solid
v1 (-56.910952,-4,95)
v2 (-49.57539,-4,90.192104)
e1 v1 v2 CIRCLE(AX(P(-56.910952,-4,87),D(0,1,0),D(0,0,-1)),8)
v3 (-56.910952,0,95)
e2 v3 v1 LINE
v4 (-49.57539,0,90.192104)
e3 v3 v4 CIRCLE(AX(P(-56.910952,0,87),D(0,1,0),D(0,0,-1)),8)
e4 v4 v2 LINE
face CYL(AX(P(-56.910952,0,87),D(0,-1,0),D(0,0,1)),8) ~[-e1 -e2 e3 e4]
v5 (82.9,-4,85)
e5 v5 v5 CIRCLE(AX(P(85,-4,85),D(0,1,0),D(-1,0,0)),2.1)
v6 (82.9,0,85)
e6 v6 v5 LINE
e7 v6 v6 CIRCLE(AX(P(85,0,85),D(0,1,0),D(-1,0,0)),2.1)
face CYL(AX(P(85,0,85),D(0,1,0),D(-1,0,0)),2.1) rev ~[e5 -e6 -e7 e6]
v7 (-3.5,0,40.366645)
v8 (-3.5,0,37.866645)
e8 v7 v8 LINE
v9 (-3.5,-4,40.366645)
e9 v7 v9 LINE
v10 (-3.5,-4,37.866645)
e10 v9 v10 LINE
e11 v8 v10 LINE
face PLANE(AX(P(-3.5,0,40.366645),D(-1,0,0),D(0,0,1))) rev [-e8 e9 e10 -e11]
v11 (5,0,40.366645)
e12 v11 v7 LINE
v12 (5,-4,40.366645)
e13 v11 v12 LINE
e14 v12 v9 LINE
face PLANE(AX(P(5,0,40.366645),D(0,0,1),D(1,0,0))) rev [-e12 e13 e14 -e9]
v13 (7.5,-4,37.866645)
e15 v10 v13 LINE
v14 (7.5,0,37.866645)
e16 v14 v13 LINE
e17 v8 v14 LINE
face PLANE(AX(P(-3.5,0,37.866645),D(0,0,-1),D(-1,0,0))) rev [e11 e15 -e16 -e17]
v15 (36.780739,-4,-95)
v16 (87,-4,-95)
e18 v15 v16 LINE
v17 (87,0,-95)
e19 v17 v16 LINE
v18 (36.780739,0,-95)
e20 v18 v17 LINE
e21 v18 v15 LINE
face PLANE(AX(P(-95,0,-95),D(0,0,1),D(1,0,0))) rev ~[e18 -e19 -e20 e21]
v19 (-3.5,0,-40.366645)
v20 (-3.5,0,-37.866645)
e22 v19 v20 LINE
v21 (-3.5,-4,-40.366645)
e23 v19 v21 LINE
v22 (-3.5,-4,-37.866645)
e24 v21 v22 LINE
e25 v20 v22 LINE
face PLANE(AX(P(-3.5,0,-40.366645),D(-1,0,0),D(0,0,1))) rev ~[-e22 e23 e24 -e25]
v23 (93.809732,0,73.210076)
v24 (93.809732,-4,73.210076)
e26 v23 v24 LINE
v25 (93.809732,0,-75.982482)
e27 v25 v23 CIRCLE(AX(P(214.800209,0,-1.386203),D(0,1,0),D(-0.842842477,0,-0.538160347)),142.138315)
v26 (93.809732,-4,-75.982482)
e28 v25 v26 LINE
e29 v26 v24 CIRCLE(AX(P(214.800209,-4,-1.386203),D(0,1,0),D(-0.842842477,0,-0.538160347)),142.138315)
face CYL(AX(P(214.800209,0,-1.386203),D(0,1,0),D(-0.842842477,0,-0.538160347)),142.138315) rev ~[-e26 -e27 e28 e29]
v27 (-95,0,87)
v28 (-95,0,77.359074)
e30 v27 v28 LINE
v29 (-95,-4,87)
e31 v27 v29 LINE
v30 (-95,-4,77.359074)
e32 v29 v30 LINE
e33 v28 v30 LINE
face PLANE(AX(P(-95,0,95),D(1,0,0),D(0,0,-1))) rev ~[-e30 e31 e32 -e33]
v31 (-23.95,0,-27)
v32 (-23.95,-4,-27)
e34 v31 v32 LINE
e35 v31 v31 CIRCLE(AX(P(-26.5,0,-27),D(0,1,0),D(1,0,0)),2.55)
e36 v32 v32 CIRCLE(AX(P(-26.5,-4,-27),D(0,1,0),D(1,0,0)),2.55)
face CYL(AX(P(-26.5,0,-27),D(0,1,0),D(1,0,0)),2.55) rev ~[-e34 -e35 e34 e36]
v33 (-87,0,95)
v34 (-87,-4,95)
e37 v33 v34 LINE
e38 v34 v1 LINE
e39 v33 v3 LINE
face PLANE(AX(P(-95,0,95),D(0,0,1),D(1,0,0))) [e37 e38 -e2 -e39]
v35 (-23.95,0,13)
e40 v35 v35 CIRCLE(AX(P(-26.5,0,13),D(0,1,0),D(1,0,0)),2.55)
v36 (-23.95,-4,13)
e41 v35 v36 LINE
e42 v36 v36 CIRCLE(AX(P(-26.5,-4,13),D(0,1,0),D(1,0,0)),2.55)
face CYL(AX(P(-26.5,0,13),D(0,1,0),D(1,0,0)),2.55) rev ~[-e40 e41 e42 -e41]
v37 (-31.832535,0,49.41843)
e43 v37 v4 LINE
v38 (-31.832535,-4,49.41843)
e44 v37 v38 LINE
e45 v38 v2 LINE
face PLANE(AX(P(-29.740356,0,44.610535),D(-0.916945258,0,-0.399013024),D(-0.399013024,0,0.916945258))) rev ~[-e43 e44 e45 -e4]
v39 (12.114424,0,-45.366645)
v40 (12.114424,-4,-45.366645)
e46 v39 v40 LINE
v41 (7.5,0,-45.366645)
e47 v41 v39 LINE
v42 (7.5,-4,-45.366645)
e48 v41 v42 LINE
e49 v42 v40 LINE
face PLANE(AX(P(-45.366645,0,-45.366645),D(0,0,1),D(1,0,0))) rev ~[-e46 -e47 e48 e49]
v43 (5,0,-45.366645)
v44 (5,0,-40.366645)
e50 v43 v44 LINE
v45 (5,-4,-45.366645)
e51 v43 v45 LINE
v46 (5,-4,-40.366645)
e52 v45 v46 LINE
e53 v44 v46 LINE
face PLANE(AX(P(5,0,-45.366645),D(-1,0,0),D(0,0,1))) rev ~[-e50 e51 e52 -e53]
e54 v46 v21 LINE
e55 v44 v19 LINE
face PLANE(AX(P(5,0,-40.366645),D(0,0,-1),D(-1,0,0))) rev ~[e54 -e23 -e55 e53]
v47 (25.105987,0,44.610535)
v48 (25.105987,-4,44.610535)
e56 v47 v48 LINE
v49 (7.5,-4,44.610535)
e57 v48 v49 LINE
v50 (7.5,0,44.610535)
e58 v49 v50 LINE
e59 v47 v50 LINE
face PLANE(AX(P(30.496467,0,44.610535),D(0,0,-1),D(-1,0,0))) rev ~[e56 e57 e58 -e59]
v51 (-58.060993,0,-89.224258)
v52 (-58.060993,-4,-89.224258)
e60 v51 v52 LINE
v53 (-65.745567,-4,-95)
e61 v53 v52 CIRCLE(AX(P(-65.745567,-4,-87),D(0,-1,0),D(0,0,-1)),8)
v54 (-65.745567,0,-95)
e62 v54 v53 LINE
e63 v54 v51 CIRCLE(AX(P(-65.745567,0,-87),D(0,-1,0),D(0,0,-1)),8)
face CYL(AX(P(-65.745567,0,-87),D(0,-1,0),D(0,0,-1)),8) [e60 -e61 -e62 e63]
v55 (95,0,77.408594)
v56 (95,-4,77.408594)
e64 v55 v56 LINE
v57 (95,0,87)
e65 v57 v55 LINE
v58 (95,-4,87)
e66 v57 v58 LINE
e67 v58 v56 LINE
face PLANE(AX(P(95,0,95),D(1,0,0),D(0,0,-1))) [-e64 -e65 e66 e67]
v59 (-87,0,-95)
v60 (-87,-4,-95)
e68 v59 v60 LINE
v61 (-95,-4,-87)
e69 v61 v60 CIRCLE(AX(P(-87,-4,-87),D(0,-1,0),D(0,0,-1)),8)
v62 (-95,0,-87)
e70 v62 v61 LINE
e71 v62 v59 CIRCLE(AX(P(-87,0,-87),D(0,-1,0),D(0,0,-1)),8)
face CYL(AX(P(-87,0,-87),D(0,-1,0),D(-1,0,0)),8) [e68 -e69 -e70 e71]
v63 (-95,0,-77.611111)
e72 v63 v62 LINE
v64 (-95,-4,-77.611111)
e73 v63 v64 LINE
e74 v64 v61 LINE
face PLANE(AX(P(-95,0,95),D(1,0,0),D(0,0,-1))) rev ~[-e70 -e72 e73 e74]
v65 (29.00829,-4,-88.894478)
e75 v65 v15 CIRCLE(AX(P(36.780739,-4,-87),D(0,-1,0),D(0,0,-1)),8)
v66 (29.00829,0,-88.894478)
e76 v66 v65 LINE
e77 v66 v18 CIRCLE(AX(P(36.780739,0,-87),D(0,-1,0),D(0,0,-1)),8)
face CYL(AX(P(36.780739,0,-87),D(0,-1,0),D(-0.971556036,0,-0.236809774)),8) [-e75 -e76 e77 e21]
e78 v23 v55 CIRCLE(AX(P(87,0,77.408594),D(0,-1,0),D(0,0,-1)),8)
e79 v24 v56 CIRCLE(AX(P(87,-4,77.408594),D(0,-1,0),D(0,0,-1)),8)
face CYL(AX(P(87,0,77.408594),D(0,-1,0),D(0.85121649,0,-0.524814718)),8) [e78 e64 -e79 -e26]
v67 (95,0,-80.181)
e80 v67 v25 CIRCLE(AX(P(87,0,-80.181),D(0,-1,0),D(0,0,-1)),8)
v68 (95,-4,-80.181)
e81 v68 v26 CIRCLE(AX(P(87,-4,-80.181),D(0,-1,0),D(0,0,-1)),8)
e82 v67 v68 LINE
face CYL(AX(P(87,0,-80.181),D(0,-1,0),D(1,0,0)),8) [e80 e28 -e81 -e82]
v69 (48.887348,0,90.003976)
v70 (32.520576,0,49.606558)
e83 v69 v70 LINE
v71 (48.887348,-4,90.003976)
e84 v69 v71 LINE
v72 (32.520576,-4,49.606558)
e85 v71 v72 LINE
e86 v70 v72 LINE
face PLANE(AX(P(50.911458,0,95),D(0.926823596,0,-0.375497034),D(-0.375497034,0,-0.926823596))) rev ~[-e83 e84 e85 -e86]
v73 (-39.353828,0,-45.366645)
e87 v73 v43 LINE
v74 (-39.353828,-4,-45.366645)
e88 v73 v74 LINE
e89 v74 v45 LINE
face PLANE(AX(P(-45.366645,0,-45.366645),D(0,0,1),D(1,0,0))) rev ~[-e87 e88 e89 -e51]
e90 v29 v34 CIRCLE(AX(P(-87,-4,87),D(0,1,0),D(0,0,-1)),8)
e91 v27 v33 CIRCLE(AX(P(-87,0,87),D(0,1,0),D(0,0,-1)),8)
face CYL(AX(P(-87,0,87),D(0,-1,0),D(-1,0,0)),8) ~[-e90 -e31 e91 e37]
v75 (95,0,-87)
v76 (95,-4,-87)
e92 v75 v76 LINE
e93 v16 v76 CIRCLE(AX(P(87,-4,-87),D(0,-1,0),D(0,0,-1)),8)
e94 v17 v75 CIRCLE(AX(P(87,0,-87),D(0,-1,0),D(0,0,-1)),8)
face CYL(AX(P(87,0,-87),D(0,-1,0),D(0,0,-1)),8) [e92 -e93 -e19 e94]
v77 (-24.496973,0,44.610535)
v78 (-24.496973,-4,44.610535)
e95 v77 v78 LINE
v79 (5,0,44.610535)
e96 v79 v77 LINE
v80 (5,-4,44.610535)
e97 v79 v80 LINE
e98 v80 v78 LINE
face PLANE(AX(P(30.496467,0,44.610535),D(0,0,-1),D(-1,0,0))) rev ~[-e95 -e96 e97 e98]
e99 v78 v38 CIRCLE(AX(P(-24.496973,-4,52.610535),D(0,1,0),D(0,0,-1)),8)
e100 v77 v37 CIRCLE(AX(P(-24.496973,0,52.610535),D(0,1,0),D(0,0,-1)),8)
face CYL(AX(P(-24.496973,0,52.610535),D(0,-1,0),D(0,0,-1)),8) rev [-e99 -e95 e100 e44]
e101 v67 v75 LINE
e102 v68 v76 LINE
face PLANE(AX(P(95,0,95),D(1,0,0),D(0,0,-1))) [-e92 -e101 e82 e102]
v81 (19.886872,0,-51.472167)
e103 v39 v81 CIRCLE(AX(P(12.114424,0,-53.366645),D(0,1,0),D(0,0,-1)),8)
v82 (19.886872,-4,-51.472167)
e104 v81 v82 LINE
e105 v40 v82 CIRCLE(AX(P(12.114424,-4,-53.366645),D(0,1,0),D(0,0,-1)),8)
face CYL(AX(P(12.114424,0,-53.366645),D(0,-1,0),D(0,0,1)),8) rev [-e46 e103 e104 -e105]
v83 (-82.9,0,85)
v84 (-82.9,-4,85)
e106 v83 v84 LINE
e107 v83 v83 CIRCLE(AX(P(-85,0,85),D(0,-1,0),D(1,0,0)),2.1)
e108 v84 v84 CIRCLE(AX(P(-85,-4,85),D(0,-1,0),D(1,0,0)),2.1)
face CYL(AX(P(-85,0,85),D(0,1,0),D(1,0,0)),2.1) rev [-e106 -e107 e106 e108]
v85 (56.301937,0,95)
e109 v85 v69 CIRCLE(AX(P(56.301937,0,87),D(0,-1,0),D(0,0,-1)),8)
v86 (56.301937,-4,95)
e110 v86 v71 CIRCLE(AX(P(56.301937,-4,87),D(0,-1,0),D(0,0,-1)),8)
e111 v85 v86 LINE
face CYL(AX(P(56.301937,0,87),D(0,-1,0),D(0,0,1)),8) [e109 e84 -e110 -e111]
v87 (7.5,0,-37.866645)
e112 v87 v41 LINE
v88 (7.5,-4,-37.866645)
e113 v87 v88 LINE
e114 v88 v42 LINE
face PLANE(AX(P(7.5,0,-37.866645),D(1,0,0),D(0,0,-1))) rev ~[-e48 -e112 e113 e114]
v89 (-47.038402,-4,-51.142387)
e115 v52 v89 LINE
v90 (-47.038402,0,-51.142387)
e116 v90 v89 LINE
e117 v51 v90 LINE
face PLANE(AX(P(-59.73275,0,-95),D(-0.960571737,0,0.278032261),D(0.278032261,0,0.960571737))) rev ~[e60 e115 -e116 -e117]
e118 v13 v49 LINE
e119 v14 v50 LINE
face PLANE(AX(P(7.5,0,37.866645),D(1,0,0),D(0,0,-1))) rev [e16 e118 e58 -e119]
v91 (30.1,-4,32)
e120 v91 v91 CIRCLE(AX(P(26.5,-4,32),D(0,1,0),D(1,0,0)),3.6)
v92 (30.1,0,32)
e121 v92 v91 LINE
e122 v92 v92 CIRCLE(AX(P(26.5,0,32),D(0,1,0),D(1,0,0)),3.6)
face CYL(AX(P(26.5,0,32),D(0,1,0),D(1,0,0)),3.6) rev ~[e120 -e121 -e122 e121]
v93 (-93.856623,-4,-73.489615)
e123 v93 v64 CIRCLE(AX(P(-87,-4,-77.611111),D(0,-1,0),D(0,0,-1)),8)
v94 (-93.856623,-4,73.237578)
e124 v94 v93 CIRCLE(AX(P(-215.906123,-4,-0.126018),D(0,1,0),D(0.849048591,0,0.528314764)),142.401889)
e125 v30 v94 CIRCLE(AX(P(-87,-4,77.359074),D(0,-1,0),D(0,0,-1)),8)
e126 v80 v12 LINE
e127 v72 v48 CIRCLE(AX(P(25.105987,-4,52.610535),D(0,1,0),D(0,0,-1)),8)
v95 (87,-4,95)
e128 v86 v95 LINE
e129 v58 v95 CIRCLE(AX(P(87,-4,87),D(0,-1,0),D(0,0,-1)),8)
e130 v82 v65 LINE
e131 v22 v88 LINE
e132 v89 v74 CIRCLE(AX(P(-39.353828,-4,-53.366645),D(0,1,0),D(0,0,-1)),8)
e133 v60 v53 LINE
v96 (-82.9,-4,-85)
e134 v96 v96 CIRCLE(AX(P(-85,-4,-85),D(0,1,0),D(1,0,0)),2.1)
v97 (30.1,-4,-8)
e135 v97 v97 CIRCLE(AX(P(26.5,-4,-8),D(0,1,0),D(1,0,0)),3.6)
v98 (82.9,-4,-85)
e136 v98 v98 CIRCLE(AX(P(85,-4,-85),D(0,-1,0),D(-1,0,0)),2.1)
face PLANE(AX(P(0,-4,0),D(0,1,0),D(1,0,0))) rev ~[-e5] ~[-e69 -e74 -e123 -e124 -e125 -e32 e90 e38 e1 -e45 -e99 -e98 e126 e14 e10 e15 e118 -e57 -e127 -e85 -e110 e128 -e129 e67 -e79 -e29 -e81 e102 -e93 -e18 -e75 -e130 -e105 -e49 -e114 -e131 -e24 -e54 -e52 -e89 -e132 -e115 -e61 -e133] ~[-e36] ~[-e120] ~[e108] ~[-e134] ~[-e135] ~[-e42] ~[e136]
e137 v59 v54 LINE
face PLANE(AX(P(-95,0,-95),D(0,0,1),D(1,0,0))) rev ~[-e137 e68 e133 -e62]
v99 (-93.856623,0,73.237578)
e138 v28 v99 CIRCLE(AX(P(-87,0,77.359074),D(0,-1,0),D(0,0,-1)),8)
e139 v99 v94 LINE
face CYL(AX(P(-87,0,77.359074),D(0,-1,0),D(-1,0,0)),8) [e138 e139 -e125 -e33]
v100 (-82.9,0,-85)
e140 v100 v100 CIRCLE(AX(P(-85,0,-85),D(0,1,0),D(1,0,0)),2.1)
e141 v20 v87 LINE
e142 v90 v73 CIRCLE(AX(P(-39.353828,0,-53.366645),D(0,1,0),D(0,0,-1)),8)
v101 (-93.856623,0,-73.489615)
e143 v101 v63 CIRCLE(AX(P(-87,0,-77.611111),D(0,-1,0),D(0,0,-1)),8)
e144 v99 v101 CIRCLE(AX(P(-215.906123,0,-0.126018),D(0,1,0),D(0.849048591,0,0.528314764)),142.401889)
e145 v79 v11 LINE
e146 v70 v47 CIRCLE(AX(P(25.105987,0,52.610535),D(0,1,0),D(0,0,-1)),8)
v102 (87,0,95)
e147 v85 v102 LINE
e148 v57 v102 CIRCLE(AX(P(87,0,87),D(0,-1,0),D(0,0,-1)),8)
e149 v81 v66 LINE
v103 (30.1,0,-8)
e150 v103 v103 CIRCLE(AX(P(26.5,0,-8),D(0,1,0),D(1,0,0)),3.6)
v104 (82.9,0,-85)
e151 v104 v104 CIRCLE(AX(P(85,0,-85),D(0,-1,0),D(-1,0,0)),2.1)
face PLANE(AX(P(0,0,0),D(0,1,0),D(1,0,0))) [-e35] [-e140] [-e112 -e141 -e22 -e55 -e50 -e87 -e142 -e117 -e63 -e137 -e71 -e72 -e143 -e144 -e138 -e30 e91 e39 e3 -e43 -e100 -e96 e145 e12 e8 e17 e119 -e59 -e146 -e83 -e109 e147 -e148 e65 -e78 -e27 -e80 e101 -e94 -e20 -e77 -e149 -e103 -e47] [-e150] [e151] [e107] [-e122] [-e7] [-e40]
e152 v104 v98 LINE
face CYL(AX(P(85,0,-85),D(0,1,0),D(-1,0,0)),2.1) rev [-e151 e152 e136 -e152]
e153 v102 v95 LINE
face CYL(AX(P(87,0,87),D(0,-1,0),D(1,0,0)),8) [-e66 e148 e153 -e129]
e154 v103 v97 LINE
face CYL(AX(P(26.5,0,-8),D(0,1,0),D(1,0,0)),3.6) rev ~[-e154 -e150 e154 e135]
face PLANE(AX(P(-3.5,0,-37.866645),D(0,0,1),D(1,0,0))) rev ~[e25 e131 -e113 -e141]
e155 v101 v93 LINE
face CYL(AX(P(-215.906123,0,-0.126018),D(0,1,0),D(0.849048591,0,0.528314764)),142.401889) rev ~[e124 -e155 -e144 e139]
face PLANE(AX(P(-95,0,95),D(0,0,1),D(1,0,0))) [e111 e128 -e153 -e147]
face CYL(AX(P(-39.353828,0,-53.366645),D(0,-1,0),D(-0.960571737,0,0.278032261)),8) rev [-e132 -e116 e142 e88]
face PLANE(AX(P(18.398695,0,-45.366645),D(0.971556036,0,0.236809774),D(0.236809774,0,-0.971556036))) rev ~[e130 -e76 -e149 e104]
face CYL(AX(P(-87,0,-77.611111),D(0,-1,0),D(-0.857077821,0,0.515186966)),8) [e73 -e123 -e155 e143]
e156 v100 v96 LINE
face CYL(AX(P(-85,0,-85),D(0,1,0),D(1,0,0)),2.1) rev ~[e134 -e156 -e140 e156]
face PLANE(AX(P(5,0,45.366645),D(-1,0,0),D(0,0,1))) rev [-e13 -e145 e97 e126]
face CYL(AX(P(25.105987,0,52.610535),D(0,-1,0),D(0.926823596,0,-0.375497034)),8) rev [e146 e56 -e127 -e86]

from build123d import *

# Parameters (mm, degrees)
SKETCH1_W               = 190
SKETCH1_H               = 190
BASE_DEPTH              = 4
SKETCH1_5_R             = 2.1
CUT_EXTRUDE2_DEPTH      = 4
MIRROR2_COPY_1_SKETCH_R = 2.1
MIRROR2_COPY_1_DEPTH    = 4
SKETCH2_R               = 2.55
SKETCH2_R_2             = 3.6
HOLES_DEPTH             = 135.40982107
CUT_EXTRUDE4_DEPTH      = 4
CUT_EXTRUDE5_DEPTH      = 4
CUT_EXTRUDE6_DEPTH      = 4
FILLET1_R               = 8
CUT_EXTRUDE7_DEPTH      = 4


with BuildPart() as part:
    # Sketch1 → base (new body)
    with BuildSketch(Plane(origin=(0, 0, 0), x_dir=(1, 0, 0), z_dir=(0, 1, 0))):
        Rectangle(SKETCH1_W, SKETCH1_H)
    extrude(amount=-BASE_DEPTH)

    # Sketch1<5> → Cut-Extrude2 (cut)
    with BuildSketch(Plane(origin=(0, 0, 0), x_dir=(1, 0, 0), z_dir=(0, 1, 0))):
        with Locations((-85, 85)):
            Circle(SKETCH1_5_R)
    cut_extrude2 = extrude(amount=-CUT_EXTRUDE2_DEPTH, mode=Mode.SUBTRACT)

    # Mirror1: Cut-Extrude2 across plane
    add(cut_extrude2.mirror(Plane(origin=(0, 0, 0), x_dir=(0, 0, 1), z_dir=(1, 0, 0))), mode=Mode.SUBTRACT)

    # Mirror2: Cut-Extrude2 across plane
    add(cut_extrude2.mirror(Plane.XY), mode=Mode.SUBTRACT)

    # Mirror2 copy 1 sketch → Mirror2 copy 1 (cut)
    with BuildSketch(Plane(origin=(0, 0, 0), x_dir=(-1, 0, 0), z_dir=(0, 1, 0))):
        with Locations((-85, 85)):
            Circle(MIRROR2_COPY_1_SKETCH_R)
    extrude(amount=-MIRROR2_COPY_1_DEPTH, mode=Mode.SUBTRACT)

    # Sketch2 → holes (cut, through all)
    with BuildSketch(Plane(origin=(0, 0, 0), x_dir=(1, 0, 0), z_dir=(0, 1, 0))):
        with Locations((-26.5, 27)):
            Circle(SKETCH2_R)
        with Locations((-26.5, -13)):
            Circle(SKETCH2_R)
        with Locations((26.5, -32)):
            Circle(SKETCH2_R_2)
        with Locations((26.5, 8)):
            Circle(SKETCH2_R_2)
    extrude(amount=-HOLES_DEPTH, mode=Mode.SUBTRACT)

    # Sketch3 → Cut-Extrude4 (cut)
    with BuildSketch(Plane(origin=(0, 0, 0), x_dir=(1, 0, 0), z_dir=(0, 1, 0))):
        Polygon((-45.366645318, 45.366645318), (18.398695046, 45.366645318), (30.496467131, 95), (-59.732749669, 95), align=None)
        Polygon((-51.667568279, -95), (50.911457524, -95), (30.496467131, -44.610534563), (-29.740356375, -44.610534563), align=None)
    extrude(amount=-CUT_EXTRUDE4_DEPTH, mode=Mode.SUBTRACT)

    # Sketch5 → Cut-Extrude5 (cut)
    with BuildSketch(Plane(origin=(0, 0, 0), x_dir=(1, 0, 0), z_dir=(0, 1, 0))):
        with BuildLine():
            Line((-95, 75.359038612), (-95, -75.107001693))
            ThreePointArc((-95, -75.107001693), (-73.504234295, 0.126018459), (-95, 75.359038612))
        make_face()
    extrude(amount=-CUT_EXTRUDE5_DEPTH, mode=Mode.SUBTRACT)

    # Sketch5<3> → Cut-Extrude6 (cut)
    with BuildSketch(Plane(origin=(0, 0, 0), x_dir=(1, 0, 0), z_dir=(0, 1, 0))):
        with BuildLine():
            Line((-95, 75.359038612), (-95, -75.107001693))
            ThreePointArc((-95, -75.107001693), (-73.504234295, 0.126018459), (-95, 75.359038612))
        make_face()
        with BuildLine():
            Line((95, -75.107001693), (95, 77.879407796))
            ThreePointArc((95, 77.879407796), (72.661894517, 1.386203051), (95, -75.107001693))
        make_face()
    extrude(amount=-CUT_EXTRUDE6_DEPTH, mode=Mode.SUBTRACT)

    # Fillet1
    fillet1_edges = [part.edges().sort_by_distance(p)[0] for p in [
        (-95, -2, 75.107001693),
        (-95, -2, 95),
        (-51.667568279, -2, 95),
        (-29.740356375, -2, 44.610534563),
        (30.496467131, -2, 44.610534563),
        (50.911457524, -2, 95),
        (95, -2, 95),
        (95, -2, 75.107001693),
        (95, -2, -77.879407796),
        (95, -2, -95),
        (30.496467131, -2, -95),
        (18.398695046, -2, -45.366645318),
        (-45.366645318, -2, -45.366645318),
        (-59.732749669, -2, -95),
        (-95, -2, -75.359038612),
        (-95, -2, -95),
    ]]
    fillet(fillet1_edges, radius=FILLET1_R)

    # Sketch7 → Cut-Extrude7 (cut)
    with BuildSketch(Plane(origin=(0, 0, 0), x_dir=(1, 0, 0), z_dir=(0, 1, 0))):
        Polygon((5, 45.366645318), (5, 40.366645318), (-3.5, 40.366645318), (-3.5, 37.866645318), (7.5, 37.866645318), (7.5, 45.366645318), align=None)
    cut_extrude7 = extrude(amount=-CUT_EXTRUDE7_DEPTH, mode=Mode.SUBTRACT)

    # Mirror3: Cut-Extrude7 across plane
    add(cut_extrude7.mirror(Plane.XY), mode=Mode.SUBTRACT)


solid = part.part
